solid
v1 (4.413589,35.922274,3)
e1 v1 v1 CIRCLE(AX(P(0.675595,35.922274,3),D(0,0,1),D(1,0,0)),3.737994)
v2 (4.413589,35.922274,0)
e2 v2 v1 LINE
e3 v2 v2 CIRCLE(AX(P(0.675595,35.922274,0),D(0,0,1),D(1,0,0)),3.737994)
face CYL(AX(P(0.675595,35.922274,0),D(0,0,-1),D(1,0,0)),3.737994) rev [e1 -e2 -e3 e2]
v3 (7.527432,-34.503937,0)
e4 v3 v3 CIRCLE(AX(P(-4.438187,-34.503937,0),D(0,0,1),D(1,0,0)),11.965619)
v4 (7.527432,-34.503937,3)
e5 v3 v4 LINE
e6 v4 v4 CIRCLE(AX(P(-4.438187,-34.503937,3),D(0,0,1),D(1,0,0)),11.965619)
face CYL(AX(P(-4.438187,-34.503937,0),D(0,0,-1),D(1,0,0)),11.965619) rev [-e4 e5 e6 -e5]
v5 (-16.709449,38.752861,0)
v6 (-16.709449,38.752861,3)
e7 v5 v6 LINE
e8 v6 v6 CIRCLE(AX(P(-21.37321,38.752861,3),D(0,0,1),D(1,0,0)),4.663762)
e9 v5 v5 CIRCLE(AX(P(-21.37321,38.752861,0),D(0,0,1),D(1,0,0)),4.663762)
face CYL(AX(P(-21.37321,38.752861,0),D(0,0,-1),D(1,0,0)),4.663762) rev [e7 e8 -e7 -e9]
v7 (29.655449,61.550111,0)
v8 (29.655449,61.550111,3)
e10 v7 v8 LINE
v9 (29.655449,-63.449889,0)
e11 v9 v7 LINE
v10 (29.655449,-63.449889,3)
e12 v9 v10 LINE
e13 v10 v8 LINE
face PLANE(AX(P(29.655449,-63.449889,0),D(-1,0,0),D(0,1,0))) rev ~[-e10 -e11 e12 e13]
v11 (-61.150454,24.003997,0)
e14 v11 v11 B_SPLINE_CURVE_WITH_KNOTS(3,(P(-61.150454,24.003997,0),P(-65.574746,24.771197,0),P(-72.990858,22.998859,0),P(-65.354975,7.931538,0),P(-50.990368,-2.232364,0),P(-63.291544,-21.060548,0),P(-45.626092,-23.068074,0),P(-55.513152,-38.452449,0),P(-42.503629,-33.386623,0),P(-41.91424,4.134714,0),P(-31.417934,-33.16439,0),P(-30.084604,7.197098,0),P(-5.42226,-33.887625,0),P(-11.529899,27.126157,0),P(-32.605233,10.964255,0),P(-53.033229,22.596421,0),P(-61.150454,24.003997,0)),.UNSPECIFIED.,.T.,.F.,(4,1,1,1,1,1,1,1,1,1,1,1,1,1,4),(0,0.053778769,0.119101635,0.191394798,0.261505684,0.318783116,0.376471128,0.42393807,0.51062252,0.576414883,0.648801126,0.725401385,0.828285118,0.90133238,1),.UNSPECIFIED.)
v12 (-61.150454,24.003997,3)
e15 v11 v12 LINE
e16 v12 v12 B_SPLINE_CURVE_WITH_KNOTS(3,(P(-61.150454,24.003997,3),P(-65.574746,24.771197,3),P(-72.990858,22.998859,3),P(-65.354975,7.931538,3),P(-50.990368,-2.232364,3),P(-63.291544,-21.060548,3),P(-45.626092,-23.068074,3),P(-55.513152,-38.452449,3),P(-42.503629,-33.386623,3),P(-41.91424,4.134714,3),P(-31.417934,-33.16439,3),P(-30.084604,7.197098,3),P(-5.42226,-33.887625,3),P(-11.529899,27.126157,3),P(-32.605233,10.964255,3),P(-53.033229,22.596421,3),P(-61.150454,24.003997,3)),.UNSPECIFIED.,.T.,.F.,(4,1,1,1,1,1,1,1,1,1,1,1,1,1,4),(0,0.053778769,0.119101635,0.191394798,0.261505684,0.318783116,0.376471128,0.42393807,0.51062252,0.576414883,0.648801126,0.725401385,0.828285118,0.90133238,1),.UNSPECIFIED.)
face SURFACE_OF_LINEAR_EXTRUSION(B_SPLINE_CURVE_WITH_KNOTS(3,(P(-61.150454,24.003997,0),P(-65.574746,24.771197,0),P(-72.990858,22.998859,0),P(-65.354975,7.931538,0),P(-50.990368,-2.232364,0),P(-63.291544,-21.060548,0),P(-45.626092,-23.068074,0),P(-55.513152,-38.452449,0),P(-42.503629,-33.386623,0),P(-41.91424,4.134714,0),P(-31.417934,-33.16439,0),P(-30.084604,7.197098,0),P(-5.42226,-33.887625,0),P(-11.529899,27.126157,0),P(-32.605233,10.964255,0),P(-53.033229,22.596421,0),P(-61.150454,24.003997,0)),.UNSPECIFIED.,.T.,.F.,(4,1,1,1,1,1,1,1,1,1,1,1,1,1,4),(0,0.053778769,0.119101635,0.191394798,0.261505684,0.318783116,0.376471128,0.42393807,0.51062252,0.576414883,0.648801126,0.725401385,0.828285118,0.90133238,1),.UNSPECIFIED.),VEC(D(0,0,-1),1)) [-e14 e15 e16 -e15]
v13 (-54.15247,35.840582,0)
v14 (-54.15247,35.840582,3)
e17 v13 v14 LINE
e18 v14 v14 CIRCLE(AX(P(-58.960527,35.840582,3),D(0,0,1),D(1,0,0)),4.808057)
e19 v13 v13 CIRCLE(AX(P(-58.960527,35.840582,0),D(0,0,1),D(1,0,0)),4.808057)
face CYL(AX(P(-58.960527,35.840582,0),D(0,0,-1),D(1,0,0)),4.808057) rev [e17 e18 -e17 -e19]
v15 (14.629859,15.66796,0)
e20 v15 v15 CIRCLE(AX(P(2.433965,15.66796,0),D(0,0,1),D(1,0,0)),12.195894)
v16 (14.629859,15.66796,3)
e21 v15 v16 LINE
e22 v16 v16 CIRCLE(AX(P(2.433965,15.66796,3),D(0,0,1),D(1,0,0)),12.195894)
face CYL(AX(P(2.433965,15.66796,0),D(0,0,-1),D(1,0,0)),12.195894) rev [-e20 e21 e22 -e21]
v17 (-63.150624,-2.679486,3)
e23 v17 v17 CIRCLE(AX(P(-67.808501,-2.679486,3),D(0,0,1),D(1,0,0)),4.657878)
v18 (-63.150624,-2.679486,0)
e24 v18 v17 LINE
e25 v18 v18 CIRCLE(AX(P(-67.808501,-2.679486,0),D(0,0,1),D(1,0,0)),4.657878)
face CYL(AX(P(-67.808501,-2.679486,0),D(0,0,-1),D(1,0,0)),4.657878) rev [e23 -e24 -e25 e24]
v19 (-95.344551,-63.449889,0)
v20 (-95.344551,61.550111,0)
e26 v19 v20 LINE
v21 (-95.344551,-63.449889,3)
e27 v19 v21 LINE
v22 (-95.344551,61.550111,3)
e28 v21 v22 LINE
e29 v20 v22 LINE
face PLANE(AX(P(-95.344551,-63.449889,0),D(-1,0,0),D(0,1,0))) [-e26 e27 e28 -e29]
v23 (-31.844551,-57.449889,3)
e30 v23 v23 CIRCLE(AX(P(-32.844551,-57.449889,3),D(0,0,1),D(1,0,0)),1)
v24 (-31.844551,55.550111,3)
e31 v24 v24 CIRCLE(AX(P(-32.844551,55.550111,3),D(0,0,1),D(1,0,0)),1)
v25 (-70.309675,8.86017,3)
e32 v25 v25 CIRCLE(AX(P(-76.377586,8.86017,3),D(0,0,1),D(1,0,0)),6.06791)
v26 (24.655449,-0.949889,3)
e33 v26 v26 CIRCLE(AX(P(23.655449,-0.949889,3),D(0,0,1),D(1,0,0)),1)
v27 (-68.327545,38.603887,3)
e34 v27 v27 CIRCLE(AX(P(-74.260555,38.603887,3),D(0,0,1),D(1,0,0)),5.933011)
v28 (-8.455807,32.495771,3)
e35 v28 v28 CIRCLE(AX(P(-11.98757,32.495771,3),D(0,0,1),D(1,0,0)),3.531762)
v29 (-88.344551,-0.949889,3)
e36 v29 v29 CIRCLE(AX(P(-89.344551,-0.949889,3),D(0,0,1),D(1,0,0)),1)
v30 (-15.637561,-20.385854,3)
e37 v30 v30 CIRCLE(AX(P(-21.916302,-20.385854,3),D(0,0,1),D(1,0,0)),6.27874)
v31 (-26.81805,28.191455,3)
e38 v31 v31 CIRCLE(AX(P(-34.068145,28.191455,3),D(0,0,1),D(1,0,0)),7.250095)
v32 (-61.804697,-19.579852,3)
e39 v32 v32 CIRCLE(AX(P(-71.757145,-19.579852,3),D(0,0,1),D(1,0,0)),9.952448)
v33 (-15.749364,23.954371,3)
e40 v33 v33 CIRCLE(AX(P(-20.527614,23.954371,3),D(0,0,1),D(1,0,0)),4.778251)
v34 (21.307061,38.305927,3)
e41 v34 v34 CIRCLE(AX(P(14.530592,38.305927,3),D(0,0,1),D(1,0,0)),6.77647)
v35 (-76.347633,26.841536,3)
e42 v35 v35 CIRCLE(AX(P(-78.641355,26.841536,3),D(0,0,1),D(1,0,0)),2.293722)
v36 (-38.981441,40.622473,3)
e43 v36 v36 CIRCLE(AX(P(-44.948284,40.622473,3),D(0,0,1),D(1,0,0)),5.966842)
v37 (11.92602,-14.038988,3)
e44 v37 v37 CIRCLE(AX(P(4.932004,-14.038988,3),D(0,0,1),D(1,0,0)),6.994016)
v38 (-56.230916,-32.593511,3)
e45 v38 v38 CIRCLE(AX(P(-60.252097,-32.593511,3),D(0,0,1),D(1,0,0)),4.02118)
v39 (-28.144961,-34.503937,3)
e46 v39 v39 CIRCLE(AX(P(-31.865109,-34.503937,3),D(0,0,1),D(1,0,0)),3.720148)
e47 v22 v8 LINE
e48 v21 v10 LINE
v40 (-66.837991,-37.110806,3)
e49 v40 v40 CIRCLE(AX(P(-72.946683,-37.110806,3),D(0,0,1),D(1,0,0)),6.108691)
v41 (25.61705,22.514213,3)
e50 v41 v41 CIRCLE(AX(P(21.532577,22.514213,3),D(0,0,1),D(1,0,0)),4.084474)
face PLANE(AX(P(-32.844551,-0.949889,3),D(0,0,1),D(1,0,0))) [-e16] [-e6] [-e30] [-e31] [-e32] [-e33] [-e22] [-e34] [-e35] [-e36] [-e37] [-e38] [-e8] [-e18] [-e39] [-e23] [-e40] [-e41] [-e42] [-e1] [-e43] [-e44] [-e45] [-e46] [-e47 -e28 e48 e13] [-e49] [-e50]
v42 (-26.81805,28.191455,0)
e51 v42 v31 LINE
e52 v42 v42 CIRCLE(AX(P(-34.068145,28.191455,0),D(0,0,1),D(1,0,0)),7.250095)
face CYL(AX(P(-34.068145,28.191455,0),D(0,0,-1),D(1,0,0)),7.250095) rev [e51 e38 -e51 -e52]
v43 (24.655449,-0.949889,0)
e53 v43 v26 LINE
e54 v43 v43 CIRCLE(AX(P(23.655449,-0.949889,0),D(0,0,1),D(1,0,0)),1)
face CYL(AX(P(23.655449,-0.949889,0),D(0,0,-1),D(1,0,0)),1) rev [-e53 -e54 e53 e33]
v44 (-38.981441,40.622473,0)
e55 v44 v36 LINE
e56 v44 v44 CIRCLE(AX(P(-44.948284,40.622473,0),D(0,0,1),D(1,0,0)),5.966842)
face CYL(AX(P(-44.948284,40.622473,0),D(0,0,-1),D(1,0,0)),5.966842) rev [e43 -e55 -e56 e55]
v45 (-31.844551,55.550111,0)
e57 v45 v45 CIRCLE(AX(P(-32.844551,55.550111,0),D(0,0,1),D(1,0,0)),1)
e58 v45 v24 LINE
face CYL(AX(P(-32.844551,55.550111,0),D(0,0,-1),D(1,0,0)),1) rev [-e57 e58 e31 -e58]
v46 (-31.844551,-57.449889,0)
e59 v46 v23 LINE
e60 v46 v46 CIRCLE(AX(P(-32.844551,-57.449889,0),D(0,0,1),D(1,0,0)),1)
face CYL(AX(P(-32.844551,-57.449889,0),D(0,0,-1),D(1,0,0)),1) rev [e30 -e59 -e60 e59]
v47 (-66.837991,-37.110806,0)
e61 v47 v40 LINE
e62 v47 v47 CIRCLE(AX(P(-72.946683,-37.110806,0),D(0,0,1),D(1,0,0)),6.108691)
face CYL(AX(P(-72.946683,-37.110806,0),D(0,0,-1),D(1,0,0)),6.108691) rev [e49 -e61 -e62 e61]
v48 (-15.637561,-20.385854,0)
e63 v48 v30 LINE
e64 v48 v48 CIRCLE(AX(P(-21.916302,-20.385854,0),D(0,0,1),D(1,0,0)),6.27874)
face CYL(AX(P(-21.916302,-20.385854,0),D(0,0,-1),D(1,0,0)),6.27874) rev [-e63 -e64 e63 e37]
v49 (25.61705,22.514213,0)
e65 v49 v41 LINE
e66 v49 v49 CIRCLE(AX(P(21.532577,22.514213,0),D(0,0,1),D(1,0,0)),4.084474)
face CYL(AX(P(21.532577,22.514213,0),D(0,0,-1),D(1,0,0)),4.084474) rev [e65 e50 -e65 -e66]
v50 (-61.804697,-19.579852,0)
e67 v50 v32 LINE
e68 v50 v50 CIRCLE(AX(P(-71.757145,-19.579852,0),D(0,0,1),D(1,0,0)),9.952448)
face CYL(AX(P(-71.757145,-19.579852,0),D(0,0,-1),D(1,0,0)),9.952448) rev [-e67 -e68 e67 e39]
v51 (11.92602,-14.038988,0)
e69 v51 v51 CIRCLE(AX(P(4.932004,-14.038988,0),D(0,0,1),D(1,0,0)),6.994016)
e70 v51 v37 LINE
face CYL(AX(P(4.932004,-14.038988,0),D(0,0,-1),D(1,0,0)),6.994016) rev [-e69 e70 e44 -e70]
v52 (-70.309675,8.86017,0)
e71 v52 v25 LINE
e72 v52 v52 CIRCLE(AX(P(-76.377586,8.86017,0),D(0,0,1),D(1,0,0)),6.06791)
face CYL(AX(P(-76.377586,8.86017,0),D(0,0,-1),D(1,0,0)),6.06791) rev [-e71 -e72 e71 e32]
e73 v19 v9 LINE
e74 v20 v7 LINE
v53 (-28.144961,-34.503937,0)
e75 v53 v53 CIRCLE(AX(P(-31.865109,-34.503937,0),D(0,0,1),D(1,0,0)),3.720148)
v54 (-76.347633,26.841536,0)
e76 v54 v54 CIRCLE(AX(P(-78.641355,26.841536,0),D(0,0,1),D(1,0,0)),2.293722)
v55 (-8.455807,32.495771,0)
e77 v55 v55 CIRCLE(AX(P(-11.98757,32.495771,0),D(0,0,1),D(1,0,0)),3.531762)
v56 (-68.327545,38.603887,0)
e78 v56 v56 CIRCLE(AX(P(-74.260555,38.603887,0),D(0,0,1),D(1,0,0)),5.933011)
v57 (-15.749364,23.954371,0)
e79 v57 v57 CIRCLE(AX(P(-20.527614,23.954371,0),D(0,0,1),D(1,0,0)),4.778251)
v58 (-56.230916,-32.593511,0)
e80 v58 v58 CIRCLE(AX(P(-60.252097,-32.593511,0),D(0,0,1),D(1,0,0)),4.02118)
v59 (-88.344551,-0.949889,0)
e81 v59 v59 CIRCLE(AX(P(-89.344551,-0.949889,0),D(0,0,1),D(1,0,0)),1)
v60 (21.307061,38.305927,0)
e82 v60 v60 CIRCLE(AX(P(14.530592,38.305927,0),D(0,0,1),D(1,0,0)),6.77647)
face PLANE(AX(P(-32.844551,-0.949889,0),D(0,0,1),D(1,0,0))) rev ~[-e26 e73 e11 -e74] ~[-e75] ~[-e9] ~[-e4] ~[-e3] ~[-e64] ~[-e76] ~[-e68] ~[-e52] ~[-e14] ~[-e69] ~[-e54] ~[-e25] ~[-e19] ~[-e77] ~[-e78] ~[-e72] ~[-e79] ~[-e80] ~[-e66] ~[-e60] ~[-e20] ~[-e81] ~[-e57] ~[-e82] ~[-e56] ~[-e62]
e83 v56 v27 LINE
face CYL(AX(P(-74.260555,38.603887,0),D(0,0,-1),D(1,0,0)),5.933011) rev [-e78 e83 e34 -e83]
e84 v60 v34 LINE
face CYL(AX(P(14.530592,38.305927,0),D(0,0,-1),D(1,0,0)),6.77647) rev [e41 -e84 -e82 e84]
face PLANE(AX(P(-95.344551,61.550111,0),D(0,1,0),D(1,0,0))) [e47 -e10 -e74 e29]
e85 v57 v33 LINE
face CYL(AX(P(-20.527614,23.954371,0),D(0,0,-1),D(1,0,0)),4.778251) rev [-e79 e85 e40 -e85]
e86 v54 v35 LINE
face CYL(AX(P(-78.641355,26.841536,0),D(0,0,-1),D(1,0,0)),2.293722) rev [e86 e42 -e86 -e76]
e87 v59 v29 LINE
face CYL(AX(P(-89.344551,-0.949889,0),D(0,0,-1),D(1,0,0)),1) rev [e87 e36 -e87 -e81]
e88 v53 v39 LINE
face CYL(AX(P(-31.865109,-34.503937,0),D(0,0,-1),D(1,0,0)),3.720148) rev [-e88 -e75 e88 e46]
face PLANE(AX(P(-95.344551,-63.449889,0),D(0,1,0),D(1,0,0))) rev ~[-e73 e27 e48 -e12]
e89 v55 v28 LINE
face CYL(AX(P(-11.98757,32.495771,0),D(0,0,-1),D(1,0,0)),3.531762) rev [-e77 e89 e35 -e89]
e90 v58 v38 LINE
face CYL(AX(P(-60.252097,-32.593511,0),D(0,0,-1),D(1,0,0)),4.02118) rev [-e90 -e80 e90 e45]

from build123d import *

# Parameters (mm, degrees)
F0_W     = 125
F0_H     = 125
F0_R     = 6.1086912078
F0_R_2   = 4.0211800756
F0_R_3   = 9.9524482911
F0_R_4   = 4.6578776041
F0_R_5   = 1
F0_R_6   = 3.7201478129
F0_R_7   = 11.9656194279
F0_R_8   = 6.2787404451
F0_R_9   = 6.9940159428
F0_R_10  = 6.0679102688
F0_R_11  = 2.2937218128
F0_R_12  = 7.2500950479
F0_R_13  = 5.9330106418
F0_R_14  = 4.8080567572
F0_R_15  = 5.9668424885
F0_R_16  = 4.778250777
F0_R_17  = 12.1958938578
F0_R_18  = 4.0844737817
F0_R_19  = 4.6637617279
F0_R_20  = 3.5317623362
F0_R_21  = 3.7379935964
F0_R_22  = 6.776469557
F1_DEPTH = 3


with BuildPart() as f1:
    # F0 (on Top) → F1 (new body)
    with BuildSketch(Plane.XY):
        with Locations((-32.8445509076, -0.9498894215)):
            Rectangle(F0_W, F0_H)
        with Locations((-72.9466825724, -37.1108055115)):
            Circle(F0_R, mode=Mode.SUBTRACT)
        with Locations((-60.252096504, -32.593511045)):
            Circle(F0_R_2, mode=Mode.SUBTRACT)
        with Locations((-71.757145226, -19.5798519999)):
            Circle(F0_R_3, mode=Mode.SUBTRACT)
        with Locations((-67.8085014224, -2.6794858277)):
            Circle(F0_R_4, mode=Mode.SUBTRACT)
        with BuildLine():
            add(Edge.make_bspline(
                [(-61.1504539847, 24.0039974451), (-65.5747458062, 24.7711965362), (-72.990857609, 22.9988589342), (-65.3549751292, 7.9315382336), (-50.9903677339, -2.2323641768), (-63.2915436568, -21.0605475214), (-45.6260920725, -23.0680739896), (-55.5131520794, -38.4524486258), (-42.5036286901, -33.386622973), (-41.9142402701, 4.1347139785), (-31.4179336593, -33.1643895067), (-30.0846044948, 7.197097797), (-5.4222597189, -33.8876247106), (-11.529899323, 27.1261570713), (-32.6052328815, 10.9642549731), (-53.0332294242, 22.5964213727), (-61.1504539847, 24.0039974451)],
                knots=[0, 0, 0, 0, 0.0537787692, 0.1191016351, 0.1913947982, 0.2615056844, 0.3187831164, 0.3764711279, 0.4239380696, 0.5106225203, 0.576414883, 0.6488011262, 0.7254013855, 0.8282851185, 0.9013323795, 1, 1, 1, 1], degree=3))
        make_face(mode=Mode.SUBTRACT)
        with Locations((-32.8445509076, -57.4498894215)):
            Circle(F0_R_5, mode=Mode.SUBTRACT)
        with Locations((-31.8651087582, -34.5039367676)):
            Circle(F0_R_6, mode=Mode.SUBTRACT)
        with Locations((-4.4381869957, -34.5039367676)):
            Circle(F0_R_7, mode=Mode.SUBTRACT)
        with Locations((-21.916301921, -20.3858539462)):
            Circle(F0_R_8, mode=Mode.SUBTRACT)
        with Locations((4.9320035614, -14.0389883891)):
            Circle(F0_R_9, mode=Mode.SUBTRACT)
        with Locations((-89.3445509076, -0.9498894215)):
            Circle(F0_R_5, mode=Mode.SUBTRACT)
        with Locations((-76.3775855303, 8.8601699099)):
            Circle(F0_R_10, mode=Mode.SUBTRACT)
        with Locations((-78.6413550377, 26.8415363674)):
            Circle(F0_R_11, mode=Mode.SUBTRACT)
        with Locations((-34.0681448579, 28.1914547086)):
            Circle(F0_R_12, mode=Mode.SUBTRACT)
        with Locations((-74.2605552077, 38.6038869619)):
            Circle(F0_R_13, mode=Mode.SUBTRACT)
        with Locations((-58.9605271816, 35.8405821025)):
            Circle(F0_R_14, mode=Mode.SUBTRACT)
        with Locations((-44.9482835829, 40.6224727631)):
            Circle(F0_R_15, mode=Mode.SUBTRACT)
        with Locations((-32.8445509076, 55.5501105785)):
            Circle(F0_R_5, mode=Mode.SUBTRACT)
        with Locations((-20.5276142806, 23.9543709904)):
            Circle(F0_R_16, mode=Mode.SUBTRACT)
        with Locations((23.6554490924, -0.9498894215)):
            Circle(F0_R_5, mode=Mode.SUBTRACT)
        with Locations((2.4339649826, 15.6679600477)):
            Circle(F0_R_17, mode=Mode.SUBTRACT)
        with Locations((21.5325765312, 22.5142128766)):
            Circle(F0_R_18, mode=Mode.SUBTRACT)
        with Locations((-21.3732104748, 38.752861321)):
            Circle(F0_R_19, mode=Mode.SUBTRACT)
        with Locations((-11.9875697419, 32.4957706034)):
            Circle(F0_R_20, mode=Mode.SUBTRACT)
        with Locations((0.675595249, 35.9222739935)):
            Circle(F0_R_21, mode=Mode.SUBTRACT)
        with Locations((14.5305916667, 38.305927068)):
            Circle(F0_R_22, mode=Mode.SUBTRACT)
    extrude(amount=F1_DEPTH)


solid = f1.part
